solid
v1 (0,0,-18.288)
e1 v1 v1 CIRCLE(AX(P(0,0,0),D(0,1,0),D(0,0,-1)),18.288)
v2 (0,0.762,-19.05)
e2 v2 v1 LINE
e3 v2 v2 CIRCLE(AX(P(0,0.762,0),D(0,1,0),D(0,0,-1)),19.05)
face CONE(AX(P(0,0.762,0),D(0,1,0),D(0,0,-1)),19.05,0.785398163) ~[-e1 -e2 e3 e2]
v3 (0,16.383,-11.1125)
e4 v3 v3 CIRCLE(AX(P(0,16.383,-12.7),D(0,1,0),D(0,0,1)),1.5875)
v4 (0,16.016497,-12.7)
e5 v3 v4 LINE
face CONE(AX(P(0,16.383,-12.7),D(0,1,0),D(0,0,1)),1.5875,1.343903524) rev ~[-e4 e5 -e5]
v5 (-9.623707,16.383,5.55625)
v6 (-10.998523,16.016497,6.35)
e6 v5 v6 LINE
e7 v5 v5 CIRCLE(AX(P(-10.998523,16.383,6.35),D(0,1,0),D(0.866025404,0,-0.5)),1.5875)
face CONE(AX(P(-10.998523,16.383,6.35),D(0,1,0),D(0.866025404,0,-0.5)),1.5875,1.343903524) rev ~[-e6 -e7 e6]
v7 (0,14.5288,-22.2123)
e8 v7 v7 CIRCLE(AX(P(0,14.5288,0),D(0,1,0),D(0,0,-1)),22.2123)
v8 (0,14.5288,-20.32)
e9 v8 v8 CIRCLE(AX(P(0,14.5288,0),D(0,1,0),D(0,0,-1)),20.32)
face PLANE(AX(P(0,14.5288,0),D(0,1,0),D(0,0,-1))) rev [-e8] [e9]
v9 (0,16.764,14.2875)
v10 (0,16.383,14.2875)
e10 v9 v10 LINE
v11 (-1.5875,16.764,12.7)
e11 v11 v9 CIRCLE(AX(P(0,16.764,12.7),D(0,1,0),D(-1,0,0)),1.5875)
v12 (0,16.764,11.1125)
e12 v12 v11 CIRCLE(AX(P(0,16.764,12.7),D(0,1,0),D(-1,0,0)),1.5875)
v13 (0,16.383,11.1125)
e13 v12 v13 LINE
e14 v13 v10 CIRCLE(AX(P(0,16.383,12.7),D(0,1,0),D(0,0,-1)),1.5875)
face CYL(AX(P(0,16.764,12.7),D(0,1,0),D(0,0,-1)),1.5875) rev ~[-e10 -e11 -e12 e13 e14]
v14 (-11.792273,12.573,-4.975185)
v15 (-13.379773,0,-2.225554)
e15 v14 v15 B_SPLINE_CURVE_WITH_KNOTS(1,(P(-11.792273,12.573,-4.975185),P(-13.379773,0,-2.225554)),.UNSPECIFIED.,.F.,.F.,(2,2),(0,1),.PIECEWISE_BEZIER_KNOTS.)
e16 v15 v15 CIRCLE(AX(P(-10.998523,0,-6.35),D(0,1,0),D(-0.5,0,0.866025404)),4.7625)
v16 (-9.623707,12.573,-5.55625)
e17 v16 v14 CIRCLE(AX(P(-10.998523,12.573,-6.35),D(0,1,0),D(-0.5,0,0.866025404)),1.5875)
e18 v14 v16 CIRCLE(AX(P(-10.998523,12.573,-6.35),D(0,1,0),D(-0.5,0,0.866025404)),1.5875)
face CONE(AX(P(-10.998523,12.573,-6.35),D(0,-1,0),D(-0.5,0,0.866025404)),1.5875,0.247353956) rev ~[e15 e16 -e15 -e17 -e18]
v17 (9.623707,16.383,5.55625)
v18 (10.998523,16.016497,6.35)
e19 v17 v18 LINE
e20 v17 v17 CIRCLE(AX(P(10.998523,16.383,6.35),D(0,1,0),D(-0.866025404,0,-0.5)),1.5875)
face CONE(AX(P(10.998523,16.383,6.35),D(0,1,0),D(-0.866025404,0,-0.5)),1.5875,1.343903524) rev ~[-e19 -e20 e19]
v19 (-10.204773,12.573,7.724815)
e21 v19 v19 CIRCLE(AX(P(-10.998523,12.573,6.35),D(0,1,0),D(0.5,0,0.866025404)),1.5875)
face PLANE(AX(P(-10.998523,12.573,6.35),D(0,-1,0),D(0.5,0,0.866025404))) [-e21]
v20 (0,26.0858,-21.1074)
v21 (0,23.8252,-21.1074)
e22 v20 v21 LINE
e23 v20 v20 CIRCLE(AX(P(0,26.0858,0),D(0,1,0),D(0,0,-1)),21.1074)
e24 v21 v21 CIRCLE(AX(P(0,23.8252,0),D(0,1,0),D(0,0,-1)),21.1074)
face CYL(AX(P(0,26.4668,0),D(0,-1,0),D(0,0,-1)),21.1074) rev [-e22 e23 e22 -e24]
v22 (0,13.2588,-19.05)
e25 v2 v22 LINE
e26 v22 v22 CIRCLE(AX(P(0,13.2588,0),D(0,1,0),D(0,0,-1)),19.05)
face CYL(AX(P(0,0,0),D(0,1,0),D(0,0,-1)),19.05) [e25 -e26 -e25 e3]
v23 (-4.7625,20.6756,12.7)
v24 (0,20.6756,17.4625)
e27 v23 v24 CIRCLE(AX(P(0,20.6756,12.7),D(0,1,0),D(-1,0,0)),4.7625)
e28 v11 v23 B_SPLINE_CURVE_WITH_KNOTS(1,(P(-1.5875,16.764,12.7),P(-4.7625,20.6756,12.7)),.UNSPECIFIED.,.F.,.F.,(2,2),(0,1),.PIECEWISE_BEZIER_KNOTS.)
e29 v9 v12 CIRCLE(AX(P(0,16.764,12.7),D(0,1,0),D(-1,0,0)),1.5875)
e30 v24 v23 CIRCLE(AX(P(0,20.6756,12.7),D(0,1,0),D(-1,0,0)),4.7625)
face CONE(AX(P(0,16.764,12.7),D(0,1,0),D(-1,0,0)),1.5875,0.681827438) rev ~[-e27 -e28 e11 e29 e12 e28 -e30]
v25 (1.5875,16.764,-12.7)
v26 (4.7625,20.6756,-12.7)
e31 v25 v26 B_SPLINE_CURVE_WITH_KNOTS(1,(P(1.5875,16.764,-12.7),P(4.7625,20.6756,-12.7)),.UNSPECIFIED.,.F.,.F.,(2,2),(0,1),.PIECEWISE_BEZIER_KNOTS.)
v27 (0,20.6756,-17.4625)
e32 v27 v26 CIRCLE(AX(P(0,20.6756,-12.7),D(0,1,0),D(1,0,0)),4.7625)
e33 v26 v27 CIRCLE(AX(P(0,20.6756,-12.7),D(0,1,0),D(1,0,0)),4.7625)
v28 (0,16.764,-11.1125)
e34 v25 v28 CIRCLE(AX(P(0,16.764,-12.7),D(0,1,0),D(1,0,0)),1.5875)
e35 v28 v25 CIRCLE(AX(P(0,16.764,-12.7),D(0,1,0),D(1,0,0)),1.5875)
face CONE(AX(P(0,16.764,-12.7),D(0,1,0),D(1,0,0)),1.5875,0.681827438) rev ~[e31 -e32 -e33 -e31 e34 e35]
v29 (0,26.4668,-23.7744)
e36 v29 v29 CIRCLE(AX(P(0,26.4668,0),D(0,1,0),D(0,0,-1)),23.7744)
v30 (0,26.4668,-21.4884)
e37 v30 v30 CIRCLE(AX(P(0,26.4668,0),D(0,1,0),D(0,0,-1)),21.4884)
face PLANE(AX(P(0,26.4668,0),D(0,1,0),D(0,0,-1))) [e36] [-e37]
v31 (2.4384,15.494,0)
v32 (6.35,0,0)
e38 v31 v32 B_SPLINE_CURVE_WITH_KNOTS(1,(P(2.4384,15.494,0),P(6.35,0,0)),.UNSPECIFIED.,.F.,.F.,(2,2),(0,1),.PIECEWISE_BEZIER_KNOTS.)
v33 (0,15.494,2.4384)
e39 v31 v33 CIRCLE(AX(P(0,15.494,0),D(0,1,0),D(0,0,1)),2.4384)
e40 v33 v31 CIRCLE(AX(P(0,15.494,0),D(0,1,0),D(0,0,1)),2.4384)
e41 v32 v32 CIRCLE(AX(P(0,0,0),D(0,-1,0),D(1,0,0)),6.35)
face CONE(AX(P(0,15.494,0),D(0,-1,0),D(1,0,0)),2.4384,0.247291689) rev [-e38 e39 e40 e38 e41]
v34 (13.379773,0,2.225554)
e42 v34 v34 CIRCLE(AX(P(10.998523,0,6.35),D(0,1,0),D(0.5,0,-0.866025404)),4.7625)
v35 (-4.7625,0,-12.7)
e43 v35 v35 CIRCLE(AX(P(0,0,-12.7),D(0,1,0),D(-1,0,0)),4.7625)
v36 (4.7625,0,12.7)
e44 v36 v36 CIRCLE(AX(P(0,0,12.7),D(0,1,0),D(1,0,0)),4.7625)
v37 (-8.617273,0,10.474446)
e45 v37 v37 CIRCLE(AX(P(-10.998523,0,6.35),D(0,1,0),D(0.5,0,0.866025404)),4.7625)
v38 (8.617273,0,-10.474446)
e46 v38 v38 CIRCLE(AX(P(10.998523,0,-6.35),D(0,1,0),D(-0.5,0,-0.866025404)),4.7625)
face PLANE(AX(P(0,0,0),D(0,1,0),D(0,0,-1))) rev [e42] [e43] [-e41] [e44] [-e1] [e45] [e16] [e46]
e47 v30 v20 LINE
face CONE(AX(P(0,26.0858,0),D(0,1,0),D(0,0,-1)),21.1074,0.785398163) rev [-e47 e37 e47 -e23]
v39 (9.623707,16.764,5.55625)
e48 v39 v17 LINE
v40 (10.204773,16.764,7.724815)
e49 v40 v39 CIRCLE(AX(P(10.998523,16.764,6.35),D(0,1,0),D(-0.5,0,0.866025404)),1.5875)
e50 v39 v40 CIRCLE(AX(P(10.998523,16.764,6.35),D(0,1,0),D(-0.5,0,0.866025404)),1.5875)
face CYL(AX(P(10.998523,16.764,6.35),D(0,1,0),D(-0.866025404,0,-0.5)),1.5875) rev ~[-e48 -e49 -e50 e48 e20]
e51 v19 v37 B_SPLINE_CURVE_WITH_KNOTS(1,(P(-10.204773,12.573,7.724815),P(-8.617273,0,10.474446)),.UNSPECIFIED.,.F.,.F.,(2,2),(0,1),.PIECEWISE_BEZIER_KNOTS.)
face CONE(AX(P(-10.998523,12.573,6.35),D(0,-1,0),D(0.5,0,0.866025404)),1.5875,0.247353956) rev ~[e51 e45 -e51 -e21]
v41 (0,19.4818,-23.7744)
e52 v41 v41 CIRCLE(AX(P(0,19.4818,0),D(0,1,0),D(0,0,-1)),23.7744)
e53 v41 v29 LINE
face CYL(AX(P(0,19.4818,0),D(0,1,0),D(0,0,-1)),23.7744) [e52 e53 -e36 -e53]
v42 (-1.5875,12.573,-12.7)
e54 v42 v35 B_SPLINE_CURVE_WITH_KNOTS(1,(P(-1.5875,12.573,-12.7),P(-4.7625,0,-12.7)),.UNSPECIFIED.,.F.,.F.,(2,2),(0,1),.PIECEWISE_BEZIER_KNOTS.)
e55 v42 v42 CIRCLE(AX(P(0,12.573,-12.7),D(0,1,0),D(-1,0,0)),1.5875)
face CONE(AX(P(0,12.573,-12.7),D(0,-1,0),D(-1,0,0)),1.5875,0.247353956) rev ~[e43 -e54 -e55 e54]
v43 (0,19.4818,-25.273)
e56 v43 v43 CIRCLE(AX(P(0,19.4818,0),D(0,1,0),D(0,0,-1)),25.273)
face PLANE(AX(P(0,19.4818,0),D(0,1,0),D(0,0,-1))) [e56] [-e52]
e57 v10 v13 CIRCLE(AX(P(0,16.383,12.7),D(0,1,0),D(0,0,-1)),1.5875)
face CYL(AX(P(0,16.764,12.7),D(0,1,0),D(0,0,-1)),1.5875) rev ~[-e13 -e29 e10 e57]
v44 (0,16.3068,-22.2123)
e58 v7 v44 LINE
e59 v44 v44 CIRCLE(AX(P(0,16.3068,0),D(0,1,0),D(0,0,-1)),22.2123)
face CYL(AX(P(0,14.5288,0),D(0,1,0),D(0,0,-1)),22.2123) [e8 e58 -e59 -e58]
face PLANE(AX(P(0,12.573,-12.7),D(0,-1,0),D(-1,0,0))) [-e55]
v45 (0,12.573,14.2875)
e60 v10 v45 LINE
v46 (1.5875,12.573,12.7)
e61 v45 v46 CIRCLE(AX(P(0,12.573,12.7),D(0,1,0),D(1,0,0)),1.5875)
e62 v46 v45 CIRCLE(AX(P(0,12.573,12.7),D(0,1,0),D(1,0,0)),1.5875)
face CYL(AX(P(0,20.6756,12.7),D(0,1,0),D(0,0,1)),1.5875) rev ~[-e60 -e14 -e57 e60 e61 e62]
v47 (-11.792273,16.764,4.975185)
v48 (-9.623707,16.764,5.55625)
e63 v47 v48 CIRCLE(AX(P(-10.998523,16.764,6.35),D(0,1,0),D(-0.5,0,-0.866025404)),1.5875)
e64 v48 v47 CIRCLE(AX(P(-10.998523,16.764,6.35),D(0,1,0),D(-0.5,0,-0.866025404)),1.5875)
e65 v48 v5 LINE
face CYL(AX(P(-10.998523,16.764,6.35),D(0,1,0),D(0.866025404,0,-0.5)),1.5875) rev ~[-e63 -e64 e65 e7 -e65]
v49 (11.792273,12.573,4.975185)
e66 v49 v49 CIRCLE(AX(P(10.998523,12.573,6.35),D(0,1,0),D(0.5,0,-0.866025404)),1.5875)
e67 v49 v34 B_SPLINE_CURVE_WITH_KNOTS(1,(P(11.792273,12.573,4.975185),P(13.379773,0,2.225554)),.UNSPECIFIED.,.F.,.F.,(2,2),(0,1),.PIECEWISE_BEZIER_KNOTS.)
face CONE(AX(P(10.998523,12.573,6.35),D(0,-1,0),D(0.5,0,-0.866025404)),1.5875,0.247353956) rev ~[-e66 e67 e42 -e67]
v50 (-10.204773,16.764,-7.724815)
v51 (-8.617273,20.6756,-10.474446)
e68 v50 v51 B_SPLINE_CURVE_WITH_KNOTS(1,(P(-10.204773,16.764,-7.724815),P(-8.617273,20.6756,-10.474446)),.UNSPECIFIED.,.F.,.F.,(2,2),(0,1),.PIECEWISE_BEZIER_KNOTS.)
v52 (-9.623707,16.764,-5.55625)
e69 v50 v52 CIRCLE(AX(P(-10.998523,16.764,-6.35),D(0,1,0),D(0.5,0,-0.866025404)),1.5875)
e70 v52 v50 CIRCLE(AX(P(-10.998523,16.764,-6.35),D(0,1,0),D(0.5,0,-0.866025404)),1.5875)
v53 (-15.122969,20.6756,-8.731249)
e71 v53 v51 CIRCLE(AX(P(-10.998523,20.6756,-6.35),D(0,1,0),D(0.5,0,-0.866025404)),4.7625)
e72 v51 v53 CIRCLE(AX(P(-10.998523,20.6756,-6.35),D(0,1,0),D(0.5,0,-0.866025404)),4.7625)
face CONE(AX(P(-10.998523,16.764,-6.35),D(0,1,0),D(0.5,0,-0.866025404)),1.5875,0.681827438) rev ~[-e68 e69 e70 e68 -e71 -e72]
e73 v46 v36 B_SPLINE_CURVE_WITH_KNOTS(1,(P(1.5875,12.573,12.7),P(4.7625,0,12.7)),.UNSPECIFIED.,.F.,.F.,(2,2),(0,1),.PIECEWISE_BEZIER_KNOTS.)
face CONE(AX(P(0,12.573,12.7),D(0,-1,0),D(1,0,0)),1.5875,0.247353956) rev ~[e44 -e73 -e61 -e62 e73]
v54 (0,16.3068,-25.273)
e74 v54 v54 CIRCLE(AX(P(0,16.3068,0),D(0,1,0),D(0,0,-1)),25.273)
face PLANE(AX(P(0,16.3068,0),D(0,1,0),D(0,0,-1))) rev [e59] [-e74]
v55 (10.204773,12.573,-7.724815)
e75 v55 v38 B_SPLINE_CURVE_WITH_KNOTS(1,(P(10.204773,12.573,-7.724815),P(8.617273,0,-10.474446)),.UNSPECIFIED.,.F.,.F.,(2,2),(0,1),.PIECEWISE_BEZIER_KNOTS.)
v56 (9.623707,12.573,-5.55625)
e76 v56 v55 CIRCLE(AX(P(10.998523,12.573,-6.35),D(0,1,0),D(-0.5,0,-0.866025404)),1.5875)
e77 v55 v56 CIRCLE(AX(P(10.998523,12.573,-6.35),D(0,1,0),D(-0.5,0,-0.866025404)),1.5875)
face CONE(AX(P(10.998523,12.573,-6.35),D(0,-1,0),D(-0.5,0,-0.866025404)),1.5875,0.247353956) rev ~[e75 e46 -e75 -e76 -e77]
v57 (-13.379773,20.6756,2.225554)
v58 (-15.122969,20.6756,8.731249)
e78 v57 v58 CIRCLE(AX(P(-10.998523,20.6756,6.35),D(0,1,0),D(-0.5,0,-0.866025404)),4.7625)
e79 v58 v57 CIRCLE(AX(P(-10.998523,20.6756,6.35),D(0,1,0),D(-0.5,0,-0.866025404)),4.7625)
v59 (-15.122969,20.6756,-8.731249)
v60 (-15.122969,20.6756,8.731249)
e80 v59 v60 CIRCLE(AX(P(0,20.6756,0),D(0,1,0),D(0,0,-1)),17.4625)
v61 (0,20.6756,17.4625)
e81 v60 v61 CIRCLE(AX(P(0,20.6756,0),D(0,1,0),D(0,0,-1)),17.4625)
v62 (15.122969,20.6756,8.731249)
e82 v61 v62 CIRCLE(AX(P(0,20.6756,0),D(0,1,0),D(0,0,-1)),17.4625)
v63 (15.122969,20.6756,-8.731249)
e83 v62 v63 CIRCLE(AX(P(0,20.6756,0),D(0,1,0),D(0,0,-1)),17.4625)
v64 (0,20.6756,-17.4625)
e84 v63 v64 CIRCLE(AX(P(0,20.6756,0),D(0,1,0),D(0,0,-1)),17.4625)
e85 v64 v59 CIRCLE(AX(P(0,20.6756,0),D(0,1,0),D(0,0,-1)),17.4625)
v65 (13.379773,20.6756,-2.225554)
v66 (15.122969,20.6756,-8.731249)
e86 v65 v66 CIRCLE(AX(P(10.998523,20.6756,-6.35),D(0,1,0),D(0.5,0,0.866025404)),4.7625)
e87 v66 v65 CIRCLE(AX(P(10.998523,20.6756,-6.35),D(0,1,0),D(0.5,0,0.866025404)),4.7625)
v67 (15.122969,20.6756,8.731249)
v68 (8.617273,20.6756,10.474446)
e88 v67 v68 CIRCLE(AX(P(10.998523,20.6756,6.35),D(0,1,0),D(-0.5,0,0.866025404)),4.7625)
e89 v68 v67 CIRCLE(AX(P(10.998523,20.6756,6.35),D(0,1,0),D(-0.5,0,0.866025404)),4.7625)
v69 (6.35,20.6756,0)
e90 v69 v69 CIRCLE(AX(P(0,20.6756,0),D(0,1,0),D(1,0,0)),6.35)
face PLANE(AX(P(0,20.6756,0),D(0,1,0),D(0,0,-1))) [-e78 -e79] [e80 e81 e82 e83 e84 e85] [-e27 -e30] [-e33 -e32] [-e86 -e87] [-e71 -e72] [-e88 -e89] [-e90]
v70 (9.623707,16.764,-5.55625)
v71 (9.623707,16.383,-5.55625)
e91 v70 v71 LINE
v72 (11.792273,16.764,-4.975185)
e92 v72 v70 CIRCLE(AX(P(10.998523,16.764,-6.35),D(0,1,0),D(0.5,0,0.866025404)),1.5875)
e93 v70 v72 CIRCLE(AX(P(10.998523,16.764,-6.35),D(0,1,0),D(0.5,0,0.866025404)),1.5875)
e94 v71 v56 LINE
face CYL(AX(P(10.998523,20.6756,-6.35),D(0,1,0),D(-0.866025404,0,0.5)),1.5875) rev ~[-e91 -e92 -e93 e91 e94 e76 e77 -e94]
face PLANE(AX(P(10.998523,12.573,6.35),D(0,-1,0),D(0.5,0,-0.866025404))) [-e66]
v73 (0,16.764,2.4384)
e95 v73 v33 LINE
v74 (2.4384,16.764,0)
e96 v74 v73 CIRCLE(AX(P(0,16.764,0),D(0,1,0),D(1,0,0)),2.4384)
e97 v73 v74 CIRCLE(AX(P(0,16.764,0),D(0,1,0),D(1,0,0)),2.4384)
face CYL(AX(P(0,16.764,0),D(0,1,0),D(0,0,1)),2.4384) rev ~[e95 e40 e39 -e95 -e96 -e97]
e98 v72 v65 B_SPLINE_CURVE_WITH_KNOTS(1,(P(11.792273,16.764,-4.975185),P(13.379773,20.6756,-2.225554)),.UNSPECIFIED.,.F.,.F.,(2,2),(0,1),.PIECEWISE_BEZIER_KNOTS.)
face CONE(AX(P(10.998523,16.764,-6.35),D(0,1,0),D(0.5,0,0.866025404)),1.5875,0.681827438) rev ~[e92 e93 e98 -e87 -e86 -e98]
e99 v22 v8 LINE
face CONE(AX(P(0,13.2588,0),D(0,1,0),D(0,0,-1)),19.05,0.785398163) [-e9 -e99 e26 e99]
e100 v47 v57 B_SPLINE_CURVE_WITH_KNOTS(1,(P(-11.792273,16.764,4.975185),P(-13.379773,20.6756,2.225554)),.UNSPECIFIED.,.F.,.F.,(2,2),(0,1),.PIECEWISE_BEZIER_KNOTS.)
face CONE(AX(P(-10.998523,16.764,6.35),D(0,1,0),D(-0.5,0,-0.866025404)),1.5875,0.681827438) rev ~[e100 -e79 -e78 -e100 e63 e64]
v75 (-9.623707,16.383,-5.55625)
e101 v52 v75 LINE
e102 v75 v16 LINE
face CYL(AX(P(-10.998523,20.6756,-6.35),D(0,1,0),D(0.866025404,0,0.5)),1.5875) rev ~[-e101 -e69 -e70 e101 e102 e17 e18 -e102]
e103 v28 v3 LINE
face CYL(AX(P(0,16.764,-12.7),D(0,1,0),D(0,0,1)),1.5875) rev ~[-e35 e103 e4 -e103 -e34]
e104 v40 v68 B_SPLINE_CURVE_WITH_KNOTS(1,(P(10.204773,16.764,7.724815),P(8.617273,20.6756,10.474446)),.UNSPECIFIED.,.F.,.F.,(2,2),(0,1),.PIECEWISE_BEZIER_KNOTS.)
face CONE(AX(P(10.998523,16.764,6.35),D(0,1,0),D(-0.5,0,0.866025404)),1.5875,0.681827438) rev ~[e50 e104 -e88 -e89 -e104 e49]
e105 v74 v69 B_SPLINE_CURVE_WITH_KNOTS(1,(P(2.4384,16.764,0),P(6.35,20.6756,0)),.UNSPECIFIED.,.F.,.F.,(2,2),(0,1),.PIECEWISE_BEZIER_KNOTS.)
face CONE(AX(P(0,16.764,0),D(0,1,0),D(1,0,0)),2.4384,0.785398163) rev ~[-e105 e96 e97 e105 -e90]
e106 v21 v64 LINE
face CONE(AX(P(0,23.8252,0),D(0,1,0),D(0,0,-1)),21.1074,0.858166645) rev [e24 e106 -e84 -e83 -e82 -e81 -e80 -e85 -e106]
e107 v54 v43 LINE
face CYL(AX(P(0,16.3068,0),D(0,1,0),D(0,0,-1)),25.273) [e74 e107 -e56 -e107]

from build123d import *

# Parameters (mm, degrees)
CHAMFER1_SIZE      = 0.381
CHAMFER2_SIZE      = 0.762
CHAMFER4_SIZE      = 1.27
SKETCH3_R          = 1.5875
SKETCH2_R          = 4.7625
SKETCH5_R          = 2.4384
SKETCH4_R          = 6.35
SKETCH9_R          = 2.4384
CUT_EXTRUDE1_DEPTH = 1.27
SKETCH3_3_R        = 1.5875
CUT_EXTRUDE2_DEPTH = 0.381
SKETCH14_R         = 2.4384
SKETCH12_R         = 6.35
SKETCH16_R         = 1.5875
SKETCH15_R         = 4.7625
CIRPATTERN2_COUNT  = 6
SKETCH17_R         = 1.5875
CUT_EXTRUDE4_DEPTH = 25.4


with BuildPart() as part:
    # Sketch1 → Revolve1 (revolve)
    with BuildSketch(Plane.XY, mode=Mode.PRIVATE) as revolve1_sk:
        Polygon((0, 20.6756), (0, 0), (19.05, 0), (19.05, 14.5288), (22.2123, 14.5288), (22.2123, 16.3068), (25.273, 16.3068), (25.273, 19.4818), (23.7744, 19.4818), (23.7744, 26.4668), (21.1074, 26.4668), (21.1074, 23.8252), (17.4625, 20.6756), align=None)
    revolve(revolve1_sk.sketch.rotate(Axis((0, 0, 0), (0, 1, 0)), 90), axis=Axis((0, 0, 0), (0, 1, 0)))

    # Chamfer1
    chamfer1_edges = [part.edges().sort_by_distance(p)[0] for p in [
        (0, 26.4668, 21.1074),
    ]]
    chamfer(chamfer1_edges, length=CHAMFER1_SIZE)

    # Chamfer2
    chamfer2_edges = [part.edges().sort_by_distance(p)[0] for p in [
        (0, 0, 19.05),
    ]]
    chamfer(chamfer2_edges, length=CHAMFER2_SIZE)

    # Chamfer4
    chamfer4_edges = [part.edges().sort_by_distance(p)[0] for p in [
        (0, 14.5288, 19.05),
    ]]
    chamfer(chamfer4_edges, length=CHAMFER4_SIZE)

    # Sketch3 → Cut-Loft1 section 0
    with BuildSketch(Plane(origin=(0, 16.764, 0), x_dir=(1, 0, 0), z_dir=(0, 1, 0))):
        with Locations((0, 12.7)):
            Circle(SKETCH3_R)
    # Sketch2 → Cut-Loft1 section 1
    with BuildSketch(Plane(origin=(0, 20.6756, 0), x_dir=(1, 0, 0), z_dir=(0, 1, 0))):
        with Locations((0, 12.7)):
            Circle(SKETCH2_R)
    cut_loft1 = loft(mode=Mode.SUBTRACT)

    # Sketch5 → Cut-Loft3 section 0
    with BuildSketch(Plane(origin=(0, 16.764, 0), x_dir=(1, 0, 0), z_dir=(0, 1, 0))):
        Circle(SKETCH5_R)
    # Sketch4 → Cut-Loft3 section 1
    with BuildSketch(Plane(origin=(0, 20.6756, 0), x_dir=(1, 0, 0), z_dir=(0, 1, 0))):
        Circle(SKETCH4_R)
    loft(mode=Mode.SUBTRACT)

    # Sketch9 → Cut-Extrude1 (cut)
    with BuildSketch(Plane(origin=(0, 16.764, 0), x_dir=(1, 0, 0), z_dir=(0, 1, 0))):
        with Locations(Location((0, 0, 0), (0, 0, 270))):
            Circle(SKETCH9_R)
    extrude(amount=-CUT_EXTRUDE1_DEPTH, mode=Mode.SUBTRACT)

    # Sketch3_3 → Cut-Extrude2 (cut)
    with BuildSketch(Plane(origin=(0, 16.764, 0), x_dir=(1, 0, 0), z_dir=(0, 1, 0))):
        with Locations(Location((0, 12.7, 0), (0, 0, 270))):
            Circle(SKETCH3_3_R)
    cut_extrude2 = extrude(amount=-CUT_EXTRUDE2_DEPTH, mode=Mode.SUBTRACT)

    # Cut-Extrude3 cone 1 section (through the dimple's axis) → Cut-Extrude3 (revolve, cut)
    with BuildSketch(Plane(origin=(0, 16.383, -12.7), x_dir=(0, 0, 1), z_dir=(1, 0, 0))):
        Polygon((0, 0), (1.5875, 0), (0, 0.366503253), align=None)
    cut_extrude3 = revolve(axis=Axis((0, 16.383, -12.7), (0, -1, 0)), mode=Mode.SUBTRACT)

    # Sketch14 → Cut-Loft5 section 0
    with BuildSketch(Plane(origin=(0, 15.494, 0), x_dir=(1, 0, 0), z_dir=(0, 1, 0))):
        Circle(SKETCH14_R)
    # Sketch12 → Cut-Loft5 section 1
    with BuildSketch(Plane.XZ):
        Circle(SKETCH12_R)
    loft(mode=Mode.SUBTRACT)

    # Sketch16 → Cut-Loft7 section 0
    with BuildSketch(Plane(origin=(0, 12.573, 0), x_dir=(-1, 0, 0), z_dir=(0, -1, 0))):
        with Locations((0, 12.7)):
            Circle(SKETCH16_R)
    # Sketch15 → Cut-Loft7 section 1
    with BuildSketch(Plane.XZ):
        with Locations((0, -12.7)):
            Circle(SKETCH15_R)
    cut_loft7 = loft(mode=Mode.SUBTRACT)

    # CirPattern2: Cut-Loft1, Cut-Extrude2, Cut-Extrude3, Cut-Loft7 ×6 about axis
    cirpattern2_axis = Axis((0, 0, 0), (0, 1, 0))
    add([cut_loft1.rotate(cirpattern2_axis, i * 360 / CIRPATTERN2_COUNT) for i in range(1, CIRPATTERN2_COUNT)], mode=Mode.SUBTRACT)
    add([cut_extrude2.rotate(cirpattern2_axis, i * 360 / CIRPATTERN2_COUNT) for i in range(1, CIRPATTERN2_COUNT)], mode=Mode.SUBTRACT)
    add([cut_extrude3.rotate(cirpattern2_axis, i * 360 / CIRPATTERN2_COUNT) for i in range(1, CIRPATTERN2_COUNT)], mode=Mode.SUBTRACT)
    add([cut_loft7.rotate(cirpattern2_axis, i * 360 / CIRPATTERN2_COUNT) for i in range(1, CIRPATTERN2_COUNT)], mode=Mode.SUBTRACT)

    # Sketch17 → Cut-Extrude4 (cut)
    with BuildSketch(Plane(origin=(0, 20.6756, 0), x_dir=(1, 0, 0), z_dir=(0, 1, 0))):
        with Locations(Location((-10.998522628, 6.35, 0), (0, 0, 330))):
            Circle(SKETCH17_R)
        with Locations(Location((10.998522628, 6.35, 0), (0, 0, 210))):
            Circle(SKETCH17_R)
        with Locations(Location((0, -12.7, 0), (0, 0, 270))):
            Circle(SKETCH17_R)
    extrude(amount=-CUT_EXTRUDE4_DEPTH, mode=Mode.SUBTRACT)


solid = part.part
